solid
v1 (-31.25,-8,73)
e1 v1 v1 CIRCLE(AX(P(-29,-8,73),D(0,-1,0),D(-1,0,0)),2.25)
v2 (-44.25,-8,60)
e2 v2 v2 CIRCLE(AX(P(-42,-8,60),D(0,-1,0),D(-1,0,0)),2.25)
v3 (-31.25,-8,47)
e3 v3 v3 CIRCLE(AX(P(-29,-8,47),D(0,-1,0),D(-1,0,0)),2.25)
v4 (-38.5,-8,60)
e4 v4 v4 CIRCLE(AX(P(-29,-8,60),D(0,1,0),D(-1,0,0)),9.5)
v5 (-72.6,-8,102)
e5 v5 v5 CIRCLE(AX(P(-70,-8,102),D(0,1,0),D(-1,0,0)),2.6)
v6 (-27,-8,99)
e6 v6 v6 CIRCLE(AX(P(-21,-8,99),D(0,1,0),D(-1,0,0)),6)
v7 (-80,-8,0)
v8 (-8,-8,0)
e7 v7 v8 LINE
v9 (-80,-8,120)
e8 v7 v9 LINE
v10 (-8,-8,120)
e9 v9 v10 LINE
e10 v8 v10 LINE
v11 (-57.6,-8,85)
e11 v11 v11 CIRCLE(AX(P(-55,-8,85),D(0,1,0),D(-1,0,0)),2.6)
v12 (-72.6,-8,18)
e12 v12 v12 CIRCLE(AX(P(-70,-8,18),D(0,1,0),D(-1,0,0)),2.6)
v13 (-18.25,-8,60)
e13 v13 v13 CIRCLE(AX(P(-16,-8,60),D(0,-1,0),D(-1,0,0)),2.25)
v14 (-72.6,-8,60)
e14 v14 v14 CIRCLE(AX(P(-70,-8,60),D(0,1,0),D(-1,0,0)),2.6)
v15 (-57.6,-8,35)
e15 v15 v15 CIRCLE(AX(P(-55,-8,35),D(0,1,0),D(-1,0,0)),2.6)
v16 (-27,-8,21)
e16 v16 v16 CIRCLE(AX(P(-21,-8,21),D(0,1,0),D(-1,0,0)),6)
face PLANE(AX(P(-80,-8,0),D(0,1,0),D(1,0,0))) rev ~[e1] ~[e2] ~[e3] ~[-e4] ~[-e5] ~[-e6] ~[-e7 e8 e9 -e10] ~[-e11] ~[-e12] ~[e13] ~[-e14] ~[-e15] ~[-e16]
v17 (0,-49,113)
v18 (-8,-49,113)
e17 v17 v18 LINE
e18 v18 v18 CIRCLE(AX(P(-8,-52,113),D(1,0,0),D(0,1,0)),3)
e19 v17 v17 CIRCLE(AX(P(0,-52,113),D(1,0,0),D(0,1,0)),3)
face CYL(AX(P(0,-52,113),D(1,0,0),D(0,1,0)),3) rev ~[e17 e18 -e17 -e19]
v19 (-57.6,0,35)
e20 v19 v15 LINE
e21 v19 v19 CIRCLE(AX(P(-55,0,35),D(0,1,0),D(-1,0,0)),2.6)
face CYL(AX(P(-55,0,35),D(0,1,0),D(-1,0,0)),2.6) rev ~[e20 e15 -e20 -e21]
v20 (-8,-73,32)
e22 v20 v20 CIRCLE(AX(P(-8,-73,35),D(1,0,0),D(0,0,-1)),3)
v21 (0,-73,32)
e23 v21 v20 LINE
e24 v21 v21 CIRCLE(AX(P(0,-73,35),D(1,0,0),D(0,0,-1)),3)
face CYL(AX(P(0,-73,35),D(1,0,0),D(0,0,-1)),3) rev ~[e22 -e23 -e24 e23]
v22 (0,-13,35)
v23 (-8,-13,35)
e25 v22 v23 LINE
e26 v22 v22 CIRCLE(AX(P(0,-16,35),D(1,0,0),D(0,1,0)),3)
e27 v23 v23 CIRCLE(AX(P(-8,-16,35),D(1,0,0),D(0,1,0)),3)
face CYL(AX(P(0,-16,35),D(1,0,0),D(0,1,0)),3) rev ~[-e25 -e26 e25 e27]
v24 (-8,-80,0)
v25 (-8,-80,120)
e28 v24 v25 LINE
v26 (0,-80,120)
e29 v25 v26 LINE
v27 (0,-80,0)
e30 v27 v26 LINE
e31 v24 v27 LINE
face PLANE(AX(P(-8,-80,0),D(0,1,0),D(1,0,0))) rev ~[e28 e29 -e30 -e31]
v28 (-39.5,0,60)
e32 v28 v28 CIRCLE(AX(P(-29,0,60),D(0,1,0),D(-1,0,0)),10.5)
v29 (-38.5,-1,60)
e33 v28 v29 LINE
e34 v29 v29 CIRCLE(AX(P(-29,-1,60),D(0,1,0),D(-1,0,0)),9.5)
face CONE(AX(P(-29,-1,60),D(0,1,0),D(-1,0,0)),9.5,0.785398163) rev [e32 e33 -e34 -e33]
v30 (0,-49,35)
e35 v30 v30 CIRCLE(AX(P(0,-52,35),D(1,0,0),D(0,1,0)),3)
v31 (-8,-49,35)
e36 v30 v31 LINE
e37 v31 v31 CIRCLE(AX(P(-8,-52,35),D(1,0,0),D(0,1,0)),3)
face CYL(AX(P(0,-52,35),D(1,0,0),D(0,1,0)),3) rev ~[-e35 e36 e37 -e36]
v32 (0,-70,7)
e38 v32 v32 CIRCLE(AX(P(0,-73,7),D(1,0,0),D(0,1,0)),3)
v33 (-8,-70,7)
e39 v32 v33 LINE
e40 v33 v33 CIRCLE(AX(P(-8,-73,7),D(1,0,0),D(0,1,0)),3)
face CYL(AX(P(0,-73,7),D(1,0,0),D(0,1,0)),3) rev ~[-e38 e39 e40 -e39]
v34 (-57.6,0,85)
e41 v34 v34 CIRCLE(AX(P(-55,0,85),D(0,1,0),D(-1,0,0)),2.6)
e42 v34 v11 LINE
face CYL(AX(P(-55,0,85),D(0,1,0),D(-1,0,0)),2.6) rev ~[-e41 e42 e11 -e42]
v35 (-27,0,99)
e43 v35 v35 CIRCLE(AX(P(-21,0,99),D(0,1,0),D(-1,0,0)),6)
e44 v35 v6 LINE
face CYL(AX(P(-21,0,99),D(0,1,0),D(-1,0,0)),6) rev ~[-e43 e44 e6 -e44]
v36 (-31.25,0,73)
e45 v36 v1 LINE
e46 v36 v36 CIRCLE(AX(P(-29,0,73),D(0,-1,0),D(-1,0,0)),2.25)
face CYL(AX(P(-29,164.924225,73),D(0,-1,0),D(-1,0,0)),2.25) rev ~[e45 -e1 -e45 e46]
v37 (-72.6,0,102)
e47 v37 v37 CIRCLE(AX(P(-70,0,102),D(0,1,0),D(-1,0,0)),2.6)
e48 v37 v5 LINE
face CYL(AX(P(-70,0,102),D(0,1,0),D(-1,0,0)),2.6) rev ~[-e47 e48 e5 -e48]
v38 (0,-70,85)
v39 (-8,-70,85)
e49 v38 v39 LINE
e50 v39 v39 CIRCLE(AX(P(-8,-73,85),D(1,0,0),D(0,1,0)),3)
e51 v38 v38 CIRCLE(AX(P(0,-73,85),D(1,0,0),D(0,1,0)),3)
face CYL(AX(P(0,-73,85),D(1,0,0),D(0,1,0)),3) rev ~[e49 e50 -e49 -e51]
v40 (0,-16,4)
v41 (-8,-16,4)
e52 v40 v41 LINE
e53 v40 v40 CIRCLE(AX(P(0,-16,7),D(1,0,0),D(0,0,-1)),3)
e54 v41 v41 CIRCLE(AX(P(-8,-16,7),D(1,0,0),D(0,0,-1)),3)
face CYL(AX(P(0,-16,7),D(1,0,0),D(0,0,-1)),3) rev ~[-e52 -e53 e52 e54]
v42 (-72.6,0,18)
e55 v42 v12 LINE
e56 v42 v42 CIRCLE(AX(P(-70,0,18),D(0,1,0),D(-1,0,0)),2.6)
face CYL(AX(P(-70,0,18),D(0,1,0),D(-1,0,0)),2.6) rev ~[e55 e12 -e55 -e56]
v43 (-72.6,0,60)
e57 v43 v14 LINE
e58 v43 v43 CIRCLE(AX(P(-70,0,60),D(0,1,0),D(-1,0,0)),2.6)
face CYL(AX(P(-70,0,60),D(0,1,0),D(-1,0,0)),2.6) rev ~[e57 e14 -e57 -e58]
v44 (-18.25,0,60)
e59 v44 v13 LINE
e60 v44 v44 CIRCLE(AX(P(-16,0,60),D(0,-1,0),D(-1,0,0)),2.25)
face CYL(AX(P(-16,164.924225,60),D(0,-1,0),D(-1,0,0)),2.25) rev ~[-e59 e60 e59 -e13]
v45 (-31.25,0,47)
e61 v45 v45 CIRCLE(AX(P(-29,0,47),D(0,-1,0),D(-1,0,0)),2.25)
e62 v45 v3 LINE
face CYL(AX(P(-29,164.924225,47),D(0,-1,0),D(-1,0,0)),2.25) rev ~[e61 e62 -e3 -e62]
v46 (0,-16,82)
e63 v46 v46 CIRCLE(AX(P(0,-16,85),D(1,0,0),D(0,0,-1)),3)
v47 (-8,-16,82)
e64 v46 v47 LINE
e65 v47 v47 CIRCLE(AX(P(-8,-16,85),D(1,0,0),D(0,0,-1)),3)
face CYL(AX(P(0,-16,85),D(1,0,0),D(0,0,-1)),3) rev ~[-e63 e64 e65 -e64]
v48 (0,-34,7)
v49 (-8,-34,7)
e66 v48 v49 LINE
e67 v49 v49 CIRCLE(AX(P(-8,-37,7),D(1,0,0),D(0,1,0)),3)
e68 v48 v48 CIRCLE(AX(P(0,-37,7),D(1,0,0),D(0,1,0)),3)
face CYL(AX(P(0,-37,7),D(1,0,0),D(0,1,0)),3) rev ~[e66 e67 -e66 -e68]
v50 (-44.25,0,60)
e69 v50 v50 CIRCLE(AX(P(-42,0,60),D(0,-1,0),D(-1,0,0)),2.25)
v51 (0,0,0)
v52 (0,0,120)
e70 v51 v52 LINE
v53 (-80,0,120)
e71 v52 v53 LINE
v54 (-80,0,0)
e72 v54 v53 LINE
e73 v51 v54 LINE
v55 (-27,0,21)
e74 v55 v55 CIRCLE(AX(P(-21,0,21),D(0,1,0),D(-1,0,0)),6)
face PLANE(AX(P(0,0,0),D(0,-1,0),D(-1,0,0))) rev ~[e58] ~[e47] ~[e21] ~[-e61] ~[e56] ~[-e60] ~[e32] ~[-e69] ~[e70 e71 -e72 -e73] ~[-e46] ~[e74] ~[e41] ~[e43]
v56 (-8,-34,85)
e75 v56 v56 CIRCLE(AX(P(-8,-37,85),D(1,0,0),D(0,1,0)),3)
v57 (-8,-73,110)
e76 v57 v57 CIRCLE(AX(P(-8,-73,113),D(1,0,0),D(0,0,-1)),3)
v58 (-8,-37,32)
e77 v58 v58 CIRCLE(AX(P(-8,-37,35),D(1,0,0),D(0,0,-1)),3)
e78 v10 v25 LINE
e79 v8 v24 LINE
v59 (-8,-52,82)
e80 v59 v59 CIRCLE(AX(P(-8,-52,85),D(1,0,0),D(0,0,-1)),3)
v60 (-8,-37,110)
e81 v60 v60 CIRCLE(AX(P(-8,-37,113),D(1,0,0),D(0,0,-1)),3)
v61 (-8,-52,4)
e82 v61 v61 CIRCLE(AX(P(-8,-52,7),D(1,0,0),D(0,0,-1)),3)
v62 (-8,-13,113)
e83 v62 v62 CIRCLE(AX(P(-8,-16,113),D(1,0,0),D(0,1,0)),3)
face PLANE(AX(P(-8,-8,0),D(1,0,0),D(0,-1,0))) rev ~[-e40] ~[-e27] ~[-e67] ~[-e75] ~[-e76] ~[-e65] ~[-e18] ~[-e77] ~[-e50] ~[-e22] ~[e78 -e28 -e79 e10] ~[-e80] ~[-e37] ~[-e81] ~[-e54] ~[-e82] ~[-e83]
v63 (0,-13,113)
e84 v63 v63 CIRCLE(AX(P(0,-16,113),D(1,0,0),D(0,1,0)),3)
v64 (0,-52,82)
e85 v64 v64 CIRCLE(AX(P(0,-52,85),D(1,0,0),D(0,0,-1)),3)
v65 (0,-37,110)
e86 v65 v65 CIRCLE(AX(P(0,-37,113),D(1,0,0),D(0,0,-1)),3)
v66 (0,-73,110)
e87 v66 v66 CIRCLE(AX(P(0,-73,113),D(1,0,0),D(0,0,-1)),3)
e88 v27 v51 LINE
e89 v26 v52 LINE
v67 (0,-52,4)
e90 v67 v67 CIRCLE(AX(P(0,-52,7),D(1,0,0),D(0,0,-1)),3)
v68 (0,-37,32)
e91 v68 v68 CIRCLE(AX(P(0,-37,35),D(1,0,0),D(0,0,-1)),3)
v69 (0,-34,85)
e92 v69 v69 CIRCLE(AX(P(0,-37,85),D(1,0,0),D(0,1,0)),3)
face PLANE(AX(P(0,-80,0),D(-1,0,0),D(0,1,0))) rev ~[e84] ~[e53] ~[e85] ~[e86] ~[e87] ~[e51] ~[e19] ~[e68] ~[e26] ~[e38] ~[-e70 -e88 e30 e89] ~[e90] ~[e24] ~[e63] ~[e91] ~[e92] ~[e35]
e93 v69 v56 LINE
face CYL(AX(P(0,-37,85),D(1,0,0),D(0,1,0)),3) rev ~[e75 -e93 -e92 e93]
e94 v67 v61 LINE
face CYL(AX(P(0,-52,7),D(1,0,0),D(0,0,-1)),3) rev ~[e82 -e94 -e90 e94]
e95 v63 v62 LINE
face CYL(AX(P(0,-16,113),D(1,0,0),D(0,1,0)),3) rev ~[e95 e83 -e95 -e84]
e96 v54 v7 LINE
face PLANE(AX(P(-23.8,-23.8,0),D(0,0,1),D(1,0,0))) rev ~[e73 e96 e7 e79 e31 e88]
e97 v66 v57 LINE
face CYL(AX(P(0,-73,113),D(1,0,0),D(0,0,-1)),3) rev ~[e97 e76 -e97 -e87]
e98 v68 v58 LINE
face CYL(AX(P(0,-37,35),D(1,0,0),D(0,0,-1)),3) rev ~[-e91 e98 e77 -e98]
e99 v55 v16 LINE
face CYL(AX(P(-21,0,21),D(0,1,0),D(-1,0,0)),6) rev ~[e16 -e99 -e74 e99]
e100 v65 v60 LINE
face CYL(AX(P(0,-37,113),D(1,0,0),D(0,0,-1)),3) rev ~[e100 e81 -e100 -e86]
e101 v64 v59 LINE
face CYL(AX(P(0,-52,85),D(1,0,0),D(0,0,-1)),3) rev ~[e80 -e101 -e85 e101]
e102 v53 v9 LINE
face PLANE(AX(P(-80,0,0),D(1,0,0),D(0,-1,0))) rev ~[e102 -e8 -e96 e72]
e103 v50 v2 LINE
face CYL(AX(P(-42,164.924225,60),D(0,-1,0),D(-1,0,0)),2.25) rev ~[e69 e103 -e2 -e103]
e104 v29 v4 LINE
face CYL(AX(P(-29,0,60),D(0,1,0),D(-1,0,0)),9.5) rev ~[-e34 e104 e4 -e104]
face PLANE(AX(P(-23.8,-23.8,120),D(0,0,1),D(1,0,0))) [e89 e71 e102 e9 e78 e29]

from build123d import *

# Parameters (mm, degrees)
ESTRUSIONE_ESTRUSIONE1_DEPTH = 120
TAGLIO_ESTRUSIONE2_REACH     = 166.924
SCHIZZO6_R                   = 6
TAGLIO_ESTRUSIONE3_REACH     = 166.924
SCHIZZO7_R                   = 9.5
FORO_PER_VITE_M4_2_D         = 4.5
SCHIZZO12_R                  = 3
TAGLIO_ESTRUSIONE4_DEPTH     = 10
SCHIZZO14_R                  = 2.6
TAGLIO_ESTRUSIONE5_DEPTH     = 10
SMUSSO2_SIZE                 = 1


with BuildPart() as part:
    # Schizzo1 → Estrusione-Estrusione1 (new body)
    with BuildSketch(Plane.XY):
        Polygon((0, 0), (-80, 0), (-80, -8), (-8, -8), (-8, -80), (0, -80), align=None)
    extrude(amount=ESTRUSIONE_ESTRUSIONE1_DEPTH)

    # Schizzo6 → Taglio-Estrusione2 (cut, up to next)
    with BuildSketch(Plane(origin=(0, 0, 0), x_dir=(1, 0, 0), z_dir=(0, 1, 0)), mode=Mode.PRIVATE) as taglio_estrusione2_sk1:
        with Locations(Location((-21, -21, 0), (0, 0, 180))):
            Circle(SCHIZZO6_R)
    taglio_estrusione2_tool1 = extrude(taglio_estrusione2_sk1.sketch, amount=-TAGLIO_ESTRUSIONE2_REACH, mode=Mode.PRIVATE) & part.part
    # Schizzo6 → Taglio-Estrusione2 (cut, up to next)
    with BuildSketch(Plane(origin=(0, 0, 0), x_dir=(1, 0, 0), z_dir=(0, 1, 0)), mode=Mode.PRIVATE) as taglio_estrusione2_sk2:
        with Locations(Location((-21, -99, 0), (0, 0, 180))):
            Circle(SCHIZZO6_R)
    taglio_estrusione2_tool2 = extrude(taglio_estrusione2_sk2.sketch, amount=-TAGLIO_ESTRUSIONE2_REACH, mode=Mode.PRIVATE) & part.part
    add(taglio_estrusione2_tool1.solids().sort_by_distance((-21, 0, 21))[0], mode=Mode.SUBTRACT)
    add(taglio_estrusione2_tool2.solids().sort_by_distance((-21, 0, 99))[0], mode=Mode.SUBTRACT)

    # Schizzo7 → Taglio-Estrusione3 (cut, up to next)
    with BuildSketch(Plane(origin=(0, 0, 0), x_dir=(1, 0, 0), z_dir=(0, 1, 0)), mode=Mode.PRIVATE) as taglio_estrusione3_sk1:
        with Locations(Location((-29, -60, 0), (0, 0, 180))):
            Circle(SCHIZZO7_R)
    taglio_estrusione3_tool1 = extrude(taglio_estrusione3_sk1.sketch, amount=-TAGLIO_ESTRUSIONE3_REACH, mode=Mode.PRIVATE) & part.part
    add(taglio_estrusione3_tool1.solids().sort_by_distance((-29, 0, 60))[0], mode=Mode.SUBTRACT)

    # Foro per Vite M4-2 (through all)
    with Locations(Plane(origin=(0, 0, 0), x_dir=(1, 0, 0), z_dir=(0, 1, 0))):
        with Locations((-29, -47), (-42, -60), (-29, -73), (-16, -60), (-29, -60)):
            Hole(FORO_PER_VITE_M4_2_D / 2)

    # Schizzo12 → Taglio-Estrusione4 (cut)
    with BuildSketch(Plane(origin=(0, 0, 0), x_dir=(0, 0, -1), z_dir=(1, 0, 0))):
        with Locations((-35, -73)):
            Circle(SCHIZZO12_R)
        with Locations(Location((-7, -73, 0), (0, 0, 90))):
            Circle(SCHIZZO12_R)
        with Locations((-113, -73)):
            Circle(SCHIZZO12_R)
        with Locations(Location((-85, -73, 0), (0, 0, 90))):
            Circle(SCHIZZO12_R)
        with Locations((-85, -52)):
            Circle(SCHIZZO12_R)
        with Locations(Location((-113, -52, 0), (0, 0, 90))):
            Circle(SCHIZZO12_R)
        with Locations(Location((-35, -52, 0), (0, 0, 90))):
            Circle(SCHIZZO12_R)
        with Locations((-7, -52)):
            Circle(SCHIZZO12_R)
        with Locations((-85, -16)):
            Circle(SCHIZZO12_R)
        with Locations(Location((-113, -16, 0), (0, 0, 90))):
            Circle(SCHIZZO12_R)
        with Locations((-35, -37)):
            Circle(SCHIZZO12_R)
        with Locations(Location((-7, -37, 0), (0, 0, 90))):
            Circle(SCHIZZO12_R)
        with Locations(Location((-35, -16, 0), (0, 0, 90))):
            Circle(SCHIZZO12_R)
        with Locations((-7, -16)):
            Circle(SCHIZZO12_R)
        with Locations(Location((-85, -37, 0), (0, 0, 90))):
            Circle(SCHIZZO12_R)
        with Locations((-113, -37)):
            Circle(SCHIZZO12_R)
    extrude(amount=-TAGLIO_ESTRUSIONE4_DEPTH, mode=Mode.SUBTRACT)

    # Schizzo14 → Taglio-Estrusione5 (cut)
    with BuildSketch(Plane(origin=(0, 0, 0), x_dir=(1, 0, 0), z_dir=(0, 1, 0))):
        with Locations(Location((-70, -18, 0), (0, 0, 180))):
            Circle(SCHIZZO14_R)
        with Locations(Location((-70, -60, 0), (0, 0, 180))):
            Circle(SCHIZZO14_R)
        with Locations(Location((-70, -102, 0), (0, 0, 180))):
            Circle(SCHIZZO14_R)
        with Locations(Location((-55, -35, 0), (0, 0, 180))):
            Circle(SCHIZZO14_R)
        with Locations(Location((-55, -85, 0), (0, 0, 180))):
            Circle(SCHIZZO14_R)
    extrude(amount=-TAGLIO_ESTRUSIONE5_DEPTH, mode=Mode.SUBTRACT)

    # Smusso2
    smusso2_edges = [part.edges().sort_by_distance(p)[0] for p in [
        (-19.5, 0, 60),
    ]]
    chamfer(smusso2_edges, length=SMUSSO2_SIZE)


solid = part.part
